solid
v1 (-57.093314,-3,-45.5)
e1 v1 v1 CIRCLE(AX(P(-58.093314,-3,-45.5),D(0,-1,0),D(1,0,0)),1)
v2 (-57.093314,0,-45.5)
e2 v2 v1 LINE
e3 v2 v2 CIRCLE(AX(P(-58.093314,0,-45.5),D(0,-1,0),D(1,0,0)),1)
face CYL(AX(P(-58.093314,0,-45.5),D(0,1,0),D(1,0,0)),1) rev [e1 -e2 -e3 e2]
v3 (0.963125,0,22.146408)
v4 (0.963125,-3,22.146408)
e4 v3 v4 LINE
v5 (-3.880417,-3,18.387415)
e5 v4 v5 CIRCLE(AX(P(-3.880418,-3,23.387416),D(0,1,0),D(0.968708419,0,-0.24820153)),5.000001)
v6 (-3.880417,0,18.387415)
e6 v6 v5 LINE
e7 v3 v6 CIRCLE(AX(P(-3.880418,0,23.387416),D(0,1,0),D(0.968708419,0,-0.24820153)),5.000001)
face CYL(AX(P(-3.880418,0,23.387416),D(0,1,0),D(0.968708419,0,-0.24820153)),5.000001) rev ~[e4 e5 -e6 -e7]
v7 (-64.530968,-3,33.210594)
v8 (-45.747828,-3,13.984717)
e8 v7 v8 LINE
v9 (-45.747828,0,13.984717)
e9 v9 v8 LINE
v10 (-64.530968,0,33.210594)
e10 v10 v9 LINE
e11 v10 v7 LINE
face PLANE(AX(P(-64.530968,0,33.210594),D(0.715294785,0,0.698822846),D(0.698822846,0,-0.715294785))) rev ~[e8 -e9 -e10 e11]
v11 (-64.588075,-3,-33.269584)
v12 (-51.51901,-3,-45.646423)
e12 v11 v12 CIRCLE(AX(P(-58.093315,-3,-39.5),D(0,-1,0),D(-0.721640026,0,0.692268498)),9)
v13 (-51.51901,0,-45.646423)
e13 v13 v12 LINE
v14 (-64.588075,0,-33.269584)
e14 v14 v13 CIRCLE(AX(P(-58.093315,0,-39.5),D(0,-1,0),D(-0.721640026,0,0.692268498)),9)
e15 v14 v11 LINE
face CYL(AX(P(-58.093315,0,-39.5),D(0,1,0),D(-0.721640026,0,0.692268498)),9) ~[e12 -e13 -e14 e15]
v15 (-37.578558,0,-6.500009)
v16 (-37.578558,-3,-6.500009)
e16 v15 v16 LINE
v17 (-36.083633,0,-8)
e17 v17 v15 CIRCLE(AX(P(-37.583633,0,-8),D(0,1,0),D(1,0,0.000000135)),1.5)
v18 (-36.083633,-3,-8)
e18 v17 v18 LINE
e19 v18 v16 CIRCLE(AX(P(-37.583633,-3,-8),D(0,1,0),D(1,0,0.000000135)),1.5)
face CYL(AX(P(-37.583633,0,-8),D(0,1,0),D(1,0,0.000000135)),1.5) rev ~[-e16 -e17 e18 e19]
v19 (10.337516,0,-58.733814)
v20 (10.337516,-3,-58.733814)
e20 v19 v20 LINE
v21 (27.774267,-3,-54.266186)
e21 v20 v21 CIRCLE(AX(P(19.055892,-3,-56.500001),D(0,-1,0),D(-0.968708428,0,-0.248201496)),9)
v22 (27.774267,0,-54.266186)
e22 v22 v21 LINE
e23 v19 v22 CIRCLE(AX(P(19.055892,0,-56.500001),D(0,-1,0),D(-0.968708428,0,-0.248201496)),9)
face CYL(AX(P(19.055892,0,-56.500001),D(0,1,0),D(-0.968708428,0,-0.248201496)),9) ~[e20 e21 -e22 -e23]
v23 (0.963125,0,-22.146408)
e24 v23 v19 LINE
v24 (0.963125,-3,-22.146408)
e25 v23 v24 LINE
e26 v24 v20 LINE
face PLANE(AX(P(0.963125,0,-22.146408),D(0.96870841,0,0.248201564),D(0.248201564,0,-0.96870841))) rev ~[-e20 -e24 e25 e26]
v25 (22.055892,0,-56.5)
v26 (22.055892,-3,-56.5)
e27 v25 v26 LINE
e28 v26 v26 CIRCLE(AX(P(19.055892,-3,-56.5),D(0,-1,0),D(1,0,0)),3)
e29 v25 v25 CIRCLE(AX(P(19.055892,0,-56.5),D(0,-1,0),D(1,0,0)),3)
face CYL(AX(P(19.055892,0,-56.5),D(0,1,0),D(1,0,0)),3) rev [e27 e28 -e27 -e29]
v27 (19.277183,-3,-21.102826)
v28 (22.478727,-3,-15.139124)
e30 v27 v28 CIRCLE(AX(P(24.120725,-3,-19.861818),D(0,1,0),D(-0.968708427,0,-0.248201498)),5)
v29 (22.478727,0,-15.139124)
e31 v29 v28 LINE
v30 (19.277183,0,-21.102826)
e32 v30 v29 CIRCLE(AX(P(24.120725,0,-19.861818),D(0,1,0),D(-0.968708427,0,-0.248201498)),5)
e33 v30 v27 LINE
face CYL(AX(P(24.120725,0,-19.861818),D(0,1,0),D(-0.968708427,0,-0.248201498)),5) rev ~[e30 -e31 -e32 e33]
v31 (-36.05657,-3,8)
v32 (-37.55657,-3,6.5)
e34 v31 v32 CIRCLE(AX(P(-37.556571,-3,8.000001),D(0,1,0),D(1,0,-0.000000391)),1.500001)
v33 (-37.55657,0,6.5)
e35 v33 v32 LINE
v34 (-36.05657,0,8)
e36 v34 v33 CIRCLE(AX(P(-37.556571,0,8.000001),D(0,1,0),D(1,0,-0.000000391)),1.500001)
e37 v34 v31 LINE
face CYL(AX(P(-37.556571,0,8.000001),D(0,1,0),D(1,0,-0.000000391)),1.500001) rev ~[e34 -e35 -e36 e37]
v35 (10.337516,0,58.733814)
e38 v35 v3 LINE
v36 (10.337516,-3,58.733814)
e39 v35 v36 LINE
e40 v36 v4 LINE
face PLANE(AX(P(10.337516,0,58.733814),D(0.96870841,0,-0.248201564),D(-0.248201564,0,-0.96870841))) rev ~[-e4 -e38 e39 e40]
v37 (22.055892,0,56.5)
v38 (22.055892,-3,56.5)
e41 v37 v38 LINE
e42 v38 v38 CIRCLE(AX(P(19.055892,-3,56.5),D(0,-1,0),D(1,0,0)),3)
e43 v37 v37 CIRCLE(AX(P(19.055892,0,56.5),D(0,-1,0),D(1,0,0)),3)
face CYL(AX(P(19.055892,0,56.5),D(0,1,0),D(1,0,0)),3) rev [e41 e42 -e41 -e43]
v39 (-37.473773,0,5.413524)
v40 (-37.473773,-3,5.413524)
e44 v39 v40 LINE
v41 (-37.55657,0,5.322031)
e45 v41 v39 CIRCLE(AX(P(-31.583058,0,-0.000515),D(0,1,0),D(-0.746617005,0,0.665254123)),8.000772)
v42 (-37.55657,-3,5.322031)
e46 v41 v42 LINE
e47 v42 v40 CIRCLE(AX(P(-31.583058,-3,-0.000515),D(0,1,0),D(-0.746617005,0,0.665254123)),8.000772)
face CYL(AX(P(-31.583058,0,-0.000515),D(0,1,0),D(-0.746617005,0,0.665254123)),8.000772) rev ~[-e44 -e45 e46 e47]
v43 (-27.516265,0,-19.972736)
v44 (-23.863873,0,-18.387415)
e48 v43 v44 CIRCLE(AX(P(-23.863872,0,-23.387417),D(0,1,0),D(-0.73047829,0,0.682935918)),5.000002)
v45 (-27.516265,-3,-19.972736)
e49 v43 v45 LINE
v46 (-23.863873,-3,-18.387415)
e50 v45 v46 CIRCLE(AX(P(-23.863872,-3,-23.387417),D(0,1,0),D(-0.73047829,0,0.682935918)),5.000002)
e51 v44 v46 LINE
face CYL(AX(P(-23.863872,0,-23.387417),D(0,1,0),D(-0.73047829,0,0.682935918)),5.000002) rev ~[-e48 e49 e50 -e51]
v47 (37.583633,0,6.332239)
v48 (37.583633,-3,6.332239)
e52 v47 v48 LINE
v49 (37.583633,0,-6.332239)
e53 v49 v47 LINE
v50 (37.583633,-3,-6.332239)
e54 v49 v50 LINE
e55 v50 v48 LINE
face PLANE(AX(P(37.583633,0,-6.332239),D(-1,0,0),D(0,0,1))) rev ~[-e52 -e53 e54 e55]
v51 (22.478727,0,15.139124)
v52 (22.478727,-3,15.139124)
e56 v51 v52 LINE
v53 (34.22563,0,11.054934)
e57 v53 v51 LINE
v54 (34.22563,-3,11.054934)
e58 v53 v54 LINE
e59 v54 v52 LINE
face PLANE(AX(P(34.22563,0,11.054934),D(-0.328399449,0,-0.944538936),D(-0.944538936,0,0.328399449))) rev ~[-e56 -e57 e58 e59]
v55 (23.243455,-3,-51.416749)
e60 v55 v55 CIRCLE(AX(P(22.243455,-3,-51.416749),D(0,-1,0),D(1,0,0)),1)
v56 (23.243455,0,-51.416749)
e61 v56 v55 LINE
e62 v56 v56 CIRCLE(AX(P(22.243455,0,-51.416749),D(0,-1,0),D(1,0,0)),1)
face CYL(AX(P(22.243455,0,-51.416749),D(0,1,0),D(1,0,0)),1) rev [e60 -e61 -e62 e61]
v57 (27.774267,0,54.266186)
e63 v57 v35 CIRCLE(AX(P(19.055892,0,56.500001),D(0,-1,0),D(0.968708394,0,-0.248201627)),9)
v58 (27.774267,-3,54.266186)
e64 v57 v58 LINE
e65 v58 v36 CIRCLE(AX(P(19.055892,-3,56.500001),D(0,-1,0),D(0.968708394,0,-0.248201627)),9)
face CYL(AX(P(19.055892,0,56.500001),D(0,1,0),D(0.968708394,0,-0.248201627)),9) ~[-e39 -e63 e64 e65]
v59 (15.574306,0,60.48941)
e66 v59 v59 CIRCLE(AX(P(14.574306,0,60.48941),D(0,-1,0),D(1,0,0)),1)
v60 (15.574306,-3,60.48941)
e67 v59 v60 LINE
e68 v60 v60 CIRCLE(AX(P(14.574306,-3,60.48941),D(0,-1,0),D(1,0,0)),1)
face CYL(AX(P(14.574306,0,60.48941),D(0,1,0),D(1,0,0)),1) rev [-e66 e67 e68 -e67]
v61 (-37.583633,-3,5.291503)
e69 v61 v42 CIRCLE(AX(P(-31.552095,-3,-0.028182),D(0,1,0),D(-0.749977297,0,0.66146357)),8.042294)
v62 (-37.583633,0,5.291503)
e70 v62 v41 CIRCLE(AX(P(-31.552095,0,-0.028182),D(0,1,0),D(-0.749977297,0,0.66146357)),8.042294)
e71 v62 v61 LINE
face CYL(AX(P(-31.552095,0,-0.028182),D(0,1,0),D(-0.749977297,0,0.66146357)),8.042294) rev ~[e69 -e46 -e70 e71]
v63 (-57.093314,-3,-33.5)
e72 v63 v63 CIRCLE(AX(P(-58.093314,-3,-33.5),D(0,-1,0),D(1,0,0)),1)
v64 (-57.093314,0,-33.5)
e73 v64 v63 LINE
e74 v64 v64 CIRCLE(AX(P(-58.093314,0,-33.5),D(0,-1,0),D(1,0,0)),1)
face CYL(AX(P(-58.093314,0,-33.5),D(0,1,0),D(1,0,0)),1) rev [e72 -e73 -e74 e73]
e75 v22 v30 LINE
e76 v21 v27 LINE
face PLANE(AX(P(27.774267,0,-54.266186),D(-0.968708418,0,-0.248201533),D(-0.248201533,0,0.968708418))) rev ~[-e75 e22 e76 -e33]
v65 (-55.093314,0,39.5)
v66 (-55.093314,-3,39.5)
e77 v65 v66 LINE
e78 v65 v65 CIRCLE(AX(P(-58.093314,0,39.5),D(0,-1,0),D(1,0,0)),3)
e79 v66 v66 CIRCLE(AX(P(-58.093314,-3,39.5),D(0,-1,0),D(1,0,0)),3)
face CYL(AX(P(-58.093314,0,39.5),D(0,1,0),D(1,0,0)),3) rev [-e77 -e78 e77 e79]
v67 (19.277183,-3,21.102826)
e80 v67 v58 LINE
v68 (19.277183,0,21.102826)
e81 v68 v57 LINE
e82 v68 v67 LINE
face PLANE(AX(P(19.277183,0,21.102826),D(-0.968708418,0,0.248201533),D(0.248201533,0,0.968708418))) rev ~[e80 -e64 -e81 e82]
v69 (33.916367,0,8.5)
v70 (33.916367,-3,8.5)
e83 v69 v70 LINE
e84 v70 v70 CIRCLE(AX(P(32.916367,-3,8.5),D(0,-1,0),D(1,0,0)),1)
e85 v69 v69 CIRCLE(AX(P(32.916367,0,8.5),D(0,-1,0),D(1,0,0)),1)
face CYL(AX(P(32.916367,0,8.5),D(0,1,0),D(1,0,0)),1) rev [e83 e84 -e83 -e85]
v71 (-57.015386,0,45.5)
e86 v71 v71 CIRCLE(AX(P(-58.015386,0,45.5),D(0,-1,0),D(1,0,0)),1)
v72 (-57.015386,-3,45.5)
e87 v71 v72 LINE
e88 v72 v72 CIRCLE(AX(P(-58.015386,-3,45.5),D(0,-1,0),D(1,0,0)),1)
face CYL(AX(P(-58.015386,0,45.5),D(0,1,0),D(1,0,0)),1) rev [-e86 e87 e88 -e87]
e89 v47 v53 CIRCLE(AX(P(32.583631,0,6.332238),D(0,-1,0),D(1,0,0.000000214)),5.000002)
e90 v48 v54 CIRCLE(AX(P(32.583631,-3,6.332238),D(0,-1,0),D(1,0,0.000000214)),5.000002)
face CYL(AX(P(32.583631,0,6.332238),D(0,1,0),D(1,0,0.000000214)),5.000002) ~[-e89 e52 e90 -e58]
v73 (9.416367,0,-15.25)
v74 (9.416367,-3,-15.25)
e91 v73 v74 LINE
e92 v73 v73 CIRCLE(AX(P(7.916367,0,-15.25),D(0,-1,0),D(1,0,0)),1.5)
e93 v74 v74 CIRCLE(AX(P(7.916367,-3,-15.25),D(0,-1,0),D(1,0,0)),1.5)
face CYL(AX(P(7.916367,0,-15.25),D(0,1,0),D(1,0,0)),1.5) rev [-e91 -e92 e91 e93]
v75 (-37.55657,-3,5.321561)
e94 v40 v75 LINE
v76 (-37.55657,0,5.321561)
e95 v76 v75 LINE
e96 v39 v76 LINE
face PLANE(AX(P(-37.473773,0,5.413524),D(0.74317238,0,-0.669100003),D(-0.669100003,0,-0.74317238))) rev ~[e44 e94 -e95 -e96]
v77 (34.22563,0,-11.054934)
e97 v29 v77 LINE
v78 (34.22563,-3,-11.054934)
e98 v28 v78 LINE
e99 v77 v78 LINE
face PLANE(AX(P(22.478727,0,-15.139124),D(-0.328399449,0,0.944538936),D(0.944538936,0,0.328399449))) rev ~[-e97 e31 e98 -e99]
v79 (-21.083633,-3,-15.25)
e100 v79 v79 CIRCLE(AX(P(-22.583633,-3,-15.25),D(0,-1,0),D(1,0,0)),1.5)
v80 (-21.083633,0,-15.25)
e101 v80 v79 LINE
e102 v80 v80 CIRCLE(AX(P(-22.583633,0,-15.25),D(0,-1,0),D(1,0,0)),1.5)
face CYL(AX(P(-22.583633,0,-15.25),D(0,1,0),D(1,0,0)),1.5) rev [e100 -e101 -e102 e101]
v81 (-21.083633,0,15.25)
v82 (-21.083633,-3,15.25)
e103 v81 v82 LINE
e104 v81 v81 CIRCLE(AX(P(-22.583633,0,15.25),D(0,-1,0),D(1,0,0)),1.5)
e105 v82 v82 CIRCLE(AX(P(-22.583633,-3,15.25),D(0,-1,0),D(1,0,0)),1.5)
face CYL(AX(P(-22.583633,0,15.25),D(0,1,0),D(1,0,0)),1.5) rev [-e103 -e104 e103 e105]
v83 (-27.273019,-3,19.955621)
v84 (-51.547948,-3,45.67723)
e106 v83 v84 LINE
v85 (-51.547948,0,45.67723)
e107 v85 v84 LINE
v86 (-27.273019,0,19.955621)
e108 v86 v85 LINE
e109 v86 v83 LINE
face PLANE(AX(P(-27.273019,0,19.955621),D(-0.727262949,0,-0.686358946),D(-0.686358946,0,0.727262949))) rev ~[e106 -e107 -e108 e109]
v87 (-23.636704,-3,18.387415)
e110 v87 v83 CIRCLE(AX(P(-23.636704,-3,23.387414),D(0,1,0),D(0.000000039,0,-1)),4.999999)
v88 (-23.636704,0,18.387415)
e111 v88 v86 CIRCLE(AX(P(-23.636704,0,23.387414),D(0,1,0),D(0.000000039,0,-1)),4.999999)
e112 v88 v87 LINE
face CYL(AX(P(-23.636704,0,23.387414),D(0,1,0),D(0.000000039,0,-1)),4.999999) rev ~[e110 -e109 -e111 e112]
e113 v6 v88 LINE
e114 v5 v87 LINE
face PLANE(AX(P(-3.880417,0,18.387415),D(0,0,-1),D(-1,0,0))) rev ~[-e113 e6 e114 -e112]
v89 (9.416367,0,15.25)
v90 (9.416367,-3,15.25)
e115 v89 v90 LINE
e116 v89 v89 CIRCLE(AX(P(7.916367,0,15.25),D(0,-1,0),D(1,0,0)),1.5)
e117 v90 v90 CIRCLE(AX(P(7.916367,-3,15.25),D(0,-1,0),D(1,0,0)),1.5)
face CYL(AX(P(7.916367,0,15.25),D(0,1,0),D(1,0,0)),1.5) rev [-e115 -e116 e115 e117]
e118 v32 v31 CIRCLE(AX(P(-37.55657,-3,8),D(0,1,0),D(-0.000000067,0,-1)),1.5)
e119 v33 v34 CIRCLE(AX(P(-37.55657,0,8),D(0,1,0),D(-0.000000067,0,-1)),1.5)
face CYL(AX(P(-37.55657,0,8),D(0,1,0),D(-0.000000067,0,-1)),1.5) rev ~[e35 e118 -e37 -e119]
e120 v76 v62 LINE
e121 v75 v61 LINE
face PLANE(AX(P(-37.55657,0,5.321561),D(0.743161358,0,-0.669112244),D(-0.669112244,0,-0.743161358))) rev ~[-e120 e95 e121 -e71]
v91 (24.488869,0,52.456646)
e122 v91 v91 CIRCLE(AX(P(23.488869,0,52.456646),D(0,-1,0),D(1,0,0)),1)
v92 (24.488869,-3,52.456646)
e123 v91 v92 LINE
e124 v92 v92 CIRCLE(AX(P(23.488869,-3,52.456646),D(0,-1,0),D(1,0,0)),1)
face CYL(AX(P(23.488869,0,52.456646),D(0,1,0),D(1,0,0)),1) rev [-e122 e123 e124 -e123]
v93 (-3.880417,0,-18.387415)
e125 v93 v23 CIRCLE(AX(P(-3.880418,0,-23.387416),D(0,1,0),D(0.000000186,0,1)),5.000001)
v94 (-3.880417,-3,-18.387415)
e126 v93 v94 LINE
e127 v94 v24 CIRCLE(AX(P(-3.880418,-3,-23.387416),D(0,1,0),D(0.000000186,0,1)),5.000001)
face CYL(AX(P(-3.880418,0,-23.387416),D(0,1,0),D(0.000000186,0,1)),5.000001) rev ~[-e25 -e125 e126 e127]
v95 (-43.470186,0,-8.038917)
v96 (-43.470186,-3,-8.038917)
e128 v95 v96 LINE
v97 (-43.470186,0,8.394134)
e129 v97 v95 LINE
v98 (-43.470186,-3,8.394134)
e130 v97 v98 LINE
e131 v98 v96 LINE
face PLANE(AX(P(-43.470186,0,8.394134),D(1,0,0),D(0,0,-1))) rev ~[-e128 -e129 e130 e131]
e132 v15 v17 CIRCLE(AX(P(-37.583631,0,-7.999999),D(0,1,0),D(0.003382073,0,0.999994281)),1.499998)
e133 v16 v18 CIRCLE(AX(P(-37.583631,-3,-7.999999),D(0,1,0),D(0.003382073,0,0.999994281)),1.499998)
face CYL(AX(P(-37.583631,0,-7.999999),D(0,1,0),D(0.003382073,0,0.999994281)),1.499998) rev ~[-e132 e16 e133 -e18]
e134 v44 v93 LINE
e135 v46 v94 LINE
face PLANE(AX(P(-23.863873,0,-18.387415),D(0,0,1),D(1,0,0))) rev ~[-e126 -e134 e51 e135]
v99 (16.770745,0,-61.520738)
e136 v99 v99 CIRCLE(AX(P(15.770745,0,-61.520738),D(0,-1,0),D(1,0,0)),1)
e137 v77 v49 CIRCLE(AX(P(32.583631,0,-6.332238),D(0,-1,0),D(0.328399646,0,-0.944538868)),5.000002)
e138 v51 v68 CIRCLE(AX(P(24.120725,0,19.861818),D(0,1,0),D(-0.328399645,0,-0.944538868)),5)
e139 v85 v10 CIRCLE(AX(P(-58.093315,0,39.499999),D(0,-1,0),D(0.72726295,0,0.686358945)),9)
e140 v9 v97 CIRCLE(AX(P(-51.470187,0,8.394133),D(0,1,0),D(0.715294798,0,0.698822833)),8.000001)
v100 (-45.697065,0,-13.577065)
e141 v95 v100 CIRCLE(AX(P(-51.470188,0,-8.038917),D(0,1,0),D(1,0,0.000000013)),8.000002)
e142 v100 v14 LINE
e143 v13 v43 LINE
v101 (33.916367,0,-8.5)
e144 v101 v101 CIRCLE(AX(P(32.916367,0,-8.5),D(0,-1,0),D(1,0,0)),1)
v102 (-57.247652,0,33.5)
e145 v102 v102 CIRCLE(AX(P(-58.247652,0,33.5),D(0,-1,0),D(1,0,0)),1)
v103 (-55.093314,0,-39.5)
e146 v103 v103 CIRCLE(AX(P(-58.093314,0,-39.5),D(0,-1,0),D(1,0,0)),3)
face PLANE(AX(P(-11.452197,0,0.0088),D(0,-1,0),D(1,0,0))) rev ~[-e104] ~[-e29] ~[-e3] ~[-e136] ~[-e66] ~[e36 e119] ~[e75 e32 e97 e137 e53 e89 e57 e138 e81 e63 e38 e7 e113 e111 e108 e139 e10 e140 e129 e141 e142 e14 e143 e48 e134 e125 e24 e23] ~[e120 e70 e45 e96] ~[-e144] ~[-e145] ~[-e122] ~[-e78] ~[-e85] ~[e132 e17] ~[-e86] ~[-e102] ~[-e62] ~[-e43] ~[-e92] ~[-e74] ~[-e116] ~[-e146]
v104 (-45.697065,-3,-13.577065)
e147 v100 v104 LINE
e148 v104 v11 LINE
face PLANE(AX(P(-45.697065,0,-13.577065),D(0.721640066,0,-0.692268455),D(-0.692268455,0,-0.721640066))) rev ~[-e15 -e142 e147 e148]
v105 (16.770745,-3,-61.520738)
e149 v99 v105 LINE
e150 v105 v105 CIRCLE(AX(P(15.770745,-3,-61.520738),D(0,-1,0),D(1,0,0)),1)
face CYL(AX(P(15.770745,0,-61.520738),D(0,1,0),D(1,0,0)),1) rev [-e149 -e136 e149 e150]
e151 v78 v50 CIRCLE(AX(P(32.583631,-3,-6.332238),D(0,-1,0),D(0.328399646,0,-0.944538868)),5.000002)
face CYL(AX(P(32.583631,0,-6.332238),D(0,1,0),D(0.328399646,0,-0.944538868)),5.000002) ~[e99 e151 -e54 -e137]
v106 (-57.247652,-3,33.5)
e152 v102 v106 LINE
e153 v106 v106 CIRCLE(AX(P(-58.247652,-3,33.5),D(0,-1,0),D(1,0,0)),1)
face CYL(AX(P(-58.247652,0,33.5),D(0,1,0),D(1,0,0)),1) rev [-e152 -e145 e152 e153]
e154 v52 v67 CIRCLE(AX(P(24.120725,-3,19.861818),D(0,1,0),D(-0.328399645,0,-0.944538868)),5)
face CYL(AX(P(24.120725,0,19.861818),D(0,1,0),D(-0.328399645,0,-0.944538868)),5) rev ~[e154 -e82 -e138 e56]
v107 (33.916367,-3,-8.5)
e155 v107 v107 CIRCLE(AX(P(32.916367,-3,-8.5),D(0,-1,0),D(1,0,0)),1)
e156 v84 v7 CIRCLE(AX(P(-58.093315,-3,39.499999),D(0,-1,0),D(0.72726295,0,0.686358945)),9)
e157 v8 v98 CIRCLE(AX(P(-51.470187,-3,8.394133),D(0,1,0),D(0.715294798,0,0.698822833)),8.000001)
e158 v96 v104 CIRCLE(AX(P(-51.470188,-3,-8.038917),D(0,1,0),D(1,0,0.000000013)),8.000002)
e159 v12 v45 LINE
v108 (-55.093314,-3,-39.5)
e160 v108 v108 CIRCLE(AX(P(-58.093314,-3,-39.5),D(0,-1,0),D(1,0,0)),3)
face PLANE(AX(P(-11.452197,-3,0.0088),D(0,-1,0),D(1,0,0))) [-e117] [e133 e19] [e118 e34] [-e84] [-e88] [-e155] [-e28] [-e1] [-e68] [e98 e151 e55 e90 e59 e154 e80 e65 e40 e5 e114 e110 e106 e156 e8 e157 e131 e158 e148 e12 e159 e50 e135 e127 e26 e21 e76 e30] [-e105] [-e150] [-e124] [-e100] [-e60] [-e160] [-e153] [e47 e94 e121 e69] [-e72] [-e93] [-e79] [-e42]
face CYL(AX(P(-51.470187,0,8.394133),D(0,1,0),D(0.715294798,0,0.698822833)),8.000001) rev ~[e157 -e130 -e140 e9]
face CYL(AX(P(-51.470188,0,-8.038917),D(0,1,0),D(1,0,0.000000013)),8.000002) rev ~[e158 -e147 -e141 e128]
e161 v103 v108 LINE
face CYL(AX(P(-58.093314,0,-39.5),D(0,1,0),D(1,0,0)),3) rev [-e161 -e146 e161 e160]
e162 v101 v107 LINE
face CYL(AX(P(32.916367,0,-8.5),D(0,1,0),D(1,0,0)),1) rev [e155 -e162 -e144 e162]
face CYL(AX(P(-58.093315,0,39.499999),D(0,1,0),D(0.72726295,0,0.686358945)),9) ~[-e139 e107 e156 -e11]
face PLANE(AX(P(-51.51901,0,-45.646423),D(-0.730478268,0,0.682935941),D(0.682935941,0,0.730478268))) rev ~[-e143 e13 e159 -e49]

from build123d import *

# Parameters (mm, degrees)
F0_R     = 1
F0_R_2   = 3
F0_R_3   = 1.5
F1_DEPTH = 3


with BuildPart() as f1:
    # F0 (on Front) → F1 (new body)
    with BuildSketch(Plane.XZ):
        with BuildLine():
            Line((-23.863873, -18.387415), (-3.880417, -18.387415))
            ThreePointArc((-3.880417, -18.387415), (-0.814886, -19.437413), (0.963125, -22.146408))
            Line((0.963125, -22.146408), (10.337516, -58.733814))
            ThreePointArc((10.337516, -58.733814), (21.289706, -65.218376), (27.774267, -54.266186))
            Line((27.774267, -54.266186), (19.277183, -21.102826))
            ThreePointArc((19.277183, -21.102826), (19.715388, -17.496865), (22.478727, -15.139124))
            Line((22.478727, -15.139124), (34.22563, -11.054934))
            ThreePointArc((34.22563, -11.054934), (36.658555, -9.229653), (37.583633, -6.332239))
            Line((37.583633, -6.332239), (37.583633, -5.887415))
            Line((37.583633, -5.887415), (37.583633, 5.887415))
            Line((37.583633, 5.887415), (37.583633, 6.332239))
            ThreePointArc((37.583633, 6.332239), (36.658555, 9.229653), (34.22563, 11.054934))
            Line((34.22563, 11.054934), (22.478727, 15.139124))
            ThreePointArc((22.478727, 15.139124), (19.715388, 17.496865), (19.277183, 21.102826))
            Line((19.277183, 21.102826), (27.774267, 54.266186))
            ThreePointArc((27.774267, 54.266186), (21.289706, 65.218376), (10.337516, 58.733814))
            Line((10.337516, 58.733814), (0.963125, 22.146408))
            ThreePointArc((0.963125, 22.146408), (-0.814886, 19.437413), (-3.880417, 18.387415))
            Line((-3.880417, 18.387415), (-23.636704, 18.387415))
            ThreePointArc((-23.636704, 18.387415), (-25.616733, 18.796175), (-27.273019, 19.955621))
            Line((-27.273019, 19.955621), (-51.547948, 45.67723))
            ThreePointArc((-51.547948, 45.67723), (-64.326865, 45.991752), (-64.530968, 33.210594))
            Line((-64.530968, 33.210594), (-45.747828, 13.984717))
            ThreePointArc((-45.747828, 13.984717), (-44.061446, 11.412506), (-43.470186, 8.394134))
            Line((-43.470186, 8.394134), (-43.470186, -8.038917))
            ThreePointArc((-43.470186, -8.038917), (-44.047755, -11.023464), (-45.697065, -13.577065))
            Line((-45.697065, -13.577065), (-64.588075, -33.269584))
            ThreePointArc((-64.588075, -33.269584), (-64.281862, -46.034668), (-51.51901, -45.646423))
            Line((-51.51901, -45.646423), (-27.516265, -19.972736))
            ThreePointArc((-27.516265, -19.972736), (-25.854677, -18.800837), (-23.863873, -18.387415))
        make_face()
        with Locations((-58.093314, -45.5)):
            Circle(F0_R, mode=Mode.SUBTRACT)
        with Locations((-58.093314, -39.5)):
            Circle(F0_R_2, mode=Mode.SUBTRACT)
        with Locations((-58.093314, -33.5)):
            Circle(F0_R, mode=Mode.SUBTRACT)
        with BuildLine():
            ThreePointArc((-36.083633, -8), (-38.646085, -9.058865), (-37.578558, -6.500009))
            ThreePointArc((-37.578558, -6.500009), (-36.52118, -6.941135), (-36.083633, -8))
        make_face(mode=Mode.SUBTRACT)
        with Locations((-22.583633, -15.25)):
            Circle(F0_R_3, mode=Mode.SUBTRACT)
        with Locations((15.770745, -61.520738)):
            Circle(F0_R, mode=Mode.SUBTRACT)
        with Locations((19.055892, -56.5)):
            Circle(F0_R_2, mode=Mode.SUBTRACT)
        with Locations((22.243455, -51.416749)):
            Circle(F0_R, mode=Mode.SUBTRACT)
        with Locations((7.916367, -15.25)):
            Circle(F0_R_3, mode=Mode.SUBTRACT)
        with Locations((32.916367, -8.5)):
            Circle(F0_R, mode=Mode.SUBTRACT)
        with BuildLine():
            ThreePointArc((-37.55657, 5.322031), (-37.515348, 5.367937), (-37.473773, 5.413524))
            Line((-37.473773, 5.413524), (-37.55657, 5.321561))
            Line((-37.55657, 5.321561), (-37.583633, 5.291503))
            ThreePointArc((-37.583633, 5.291503), (-37.570121, 5.306784), (-37.55657, 5.322031))
        make_face(mode=Mode.SUBTRACT)
        with BuildLine():
            ThreePointArc((-36.05657, 8), (-36.49591, 6.93934), (-37.55657, 6.5))
            ThreePointArc((-37.55657, 6.5), (-38.61723, 9.06066), (-36.05657, 8))
        make_face(mode=Mode.SUBTRACT)
        with Locations((-22.583633, 15.25)):
            Circle(F0_R_3, mode=Mode.SUBTRACT)
        with Locations((-58.247652, 33.5)):
            Circle(F0_R, mode=Mode.SUBTRACT)
        with Locations((-58.093314, 39.5)):
            Circle(F0_R_2, mode=Mode.SUBTRACT)
        with Locations((-58.015386, 45.5)):
            Circle(F0_R, mode=Mode.SUBTRACT)
        with Locations((7.916367, 15.25)):
            Circle(F0_R_3, mode=Mode.SUBTRACT)
        with Locations((32.916367, 8.5)):
            Circle(F0_R, mode=Mode.SUBTRACT)
        with Locations((23.488869, 52.456646)):
            Circle(F0_R, mode=Mode.SUBTRACT)
        with Locations((19.055892, 56.5)):
            Circle(F0_R_2, mode=Mode.SUBTRACT)
        with Locations((14.574306, 60.48941)):
            Circle(F0_R, mode=Mode.SUBTRACT)
    extrude(amount=F1_DEPTH)


solid = f1.part
